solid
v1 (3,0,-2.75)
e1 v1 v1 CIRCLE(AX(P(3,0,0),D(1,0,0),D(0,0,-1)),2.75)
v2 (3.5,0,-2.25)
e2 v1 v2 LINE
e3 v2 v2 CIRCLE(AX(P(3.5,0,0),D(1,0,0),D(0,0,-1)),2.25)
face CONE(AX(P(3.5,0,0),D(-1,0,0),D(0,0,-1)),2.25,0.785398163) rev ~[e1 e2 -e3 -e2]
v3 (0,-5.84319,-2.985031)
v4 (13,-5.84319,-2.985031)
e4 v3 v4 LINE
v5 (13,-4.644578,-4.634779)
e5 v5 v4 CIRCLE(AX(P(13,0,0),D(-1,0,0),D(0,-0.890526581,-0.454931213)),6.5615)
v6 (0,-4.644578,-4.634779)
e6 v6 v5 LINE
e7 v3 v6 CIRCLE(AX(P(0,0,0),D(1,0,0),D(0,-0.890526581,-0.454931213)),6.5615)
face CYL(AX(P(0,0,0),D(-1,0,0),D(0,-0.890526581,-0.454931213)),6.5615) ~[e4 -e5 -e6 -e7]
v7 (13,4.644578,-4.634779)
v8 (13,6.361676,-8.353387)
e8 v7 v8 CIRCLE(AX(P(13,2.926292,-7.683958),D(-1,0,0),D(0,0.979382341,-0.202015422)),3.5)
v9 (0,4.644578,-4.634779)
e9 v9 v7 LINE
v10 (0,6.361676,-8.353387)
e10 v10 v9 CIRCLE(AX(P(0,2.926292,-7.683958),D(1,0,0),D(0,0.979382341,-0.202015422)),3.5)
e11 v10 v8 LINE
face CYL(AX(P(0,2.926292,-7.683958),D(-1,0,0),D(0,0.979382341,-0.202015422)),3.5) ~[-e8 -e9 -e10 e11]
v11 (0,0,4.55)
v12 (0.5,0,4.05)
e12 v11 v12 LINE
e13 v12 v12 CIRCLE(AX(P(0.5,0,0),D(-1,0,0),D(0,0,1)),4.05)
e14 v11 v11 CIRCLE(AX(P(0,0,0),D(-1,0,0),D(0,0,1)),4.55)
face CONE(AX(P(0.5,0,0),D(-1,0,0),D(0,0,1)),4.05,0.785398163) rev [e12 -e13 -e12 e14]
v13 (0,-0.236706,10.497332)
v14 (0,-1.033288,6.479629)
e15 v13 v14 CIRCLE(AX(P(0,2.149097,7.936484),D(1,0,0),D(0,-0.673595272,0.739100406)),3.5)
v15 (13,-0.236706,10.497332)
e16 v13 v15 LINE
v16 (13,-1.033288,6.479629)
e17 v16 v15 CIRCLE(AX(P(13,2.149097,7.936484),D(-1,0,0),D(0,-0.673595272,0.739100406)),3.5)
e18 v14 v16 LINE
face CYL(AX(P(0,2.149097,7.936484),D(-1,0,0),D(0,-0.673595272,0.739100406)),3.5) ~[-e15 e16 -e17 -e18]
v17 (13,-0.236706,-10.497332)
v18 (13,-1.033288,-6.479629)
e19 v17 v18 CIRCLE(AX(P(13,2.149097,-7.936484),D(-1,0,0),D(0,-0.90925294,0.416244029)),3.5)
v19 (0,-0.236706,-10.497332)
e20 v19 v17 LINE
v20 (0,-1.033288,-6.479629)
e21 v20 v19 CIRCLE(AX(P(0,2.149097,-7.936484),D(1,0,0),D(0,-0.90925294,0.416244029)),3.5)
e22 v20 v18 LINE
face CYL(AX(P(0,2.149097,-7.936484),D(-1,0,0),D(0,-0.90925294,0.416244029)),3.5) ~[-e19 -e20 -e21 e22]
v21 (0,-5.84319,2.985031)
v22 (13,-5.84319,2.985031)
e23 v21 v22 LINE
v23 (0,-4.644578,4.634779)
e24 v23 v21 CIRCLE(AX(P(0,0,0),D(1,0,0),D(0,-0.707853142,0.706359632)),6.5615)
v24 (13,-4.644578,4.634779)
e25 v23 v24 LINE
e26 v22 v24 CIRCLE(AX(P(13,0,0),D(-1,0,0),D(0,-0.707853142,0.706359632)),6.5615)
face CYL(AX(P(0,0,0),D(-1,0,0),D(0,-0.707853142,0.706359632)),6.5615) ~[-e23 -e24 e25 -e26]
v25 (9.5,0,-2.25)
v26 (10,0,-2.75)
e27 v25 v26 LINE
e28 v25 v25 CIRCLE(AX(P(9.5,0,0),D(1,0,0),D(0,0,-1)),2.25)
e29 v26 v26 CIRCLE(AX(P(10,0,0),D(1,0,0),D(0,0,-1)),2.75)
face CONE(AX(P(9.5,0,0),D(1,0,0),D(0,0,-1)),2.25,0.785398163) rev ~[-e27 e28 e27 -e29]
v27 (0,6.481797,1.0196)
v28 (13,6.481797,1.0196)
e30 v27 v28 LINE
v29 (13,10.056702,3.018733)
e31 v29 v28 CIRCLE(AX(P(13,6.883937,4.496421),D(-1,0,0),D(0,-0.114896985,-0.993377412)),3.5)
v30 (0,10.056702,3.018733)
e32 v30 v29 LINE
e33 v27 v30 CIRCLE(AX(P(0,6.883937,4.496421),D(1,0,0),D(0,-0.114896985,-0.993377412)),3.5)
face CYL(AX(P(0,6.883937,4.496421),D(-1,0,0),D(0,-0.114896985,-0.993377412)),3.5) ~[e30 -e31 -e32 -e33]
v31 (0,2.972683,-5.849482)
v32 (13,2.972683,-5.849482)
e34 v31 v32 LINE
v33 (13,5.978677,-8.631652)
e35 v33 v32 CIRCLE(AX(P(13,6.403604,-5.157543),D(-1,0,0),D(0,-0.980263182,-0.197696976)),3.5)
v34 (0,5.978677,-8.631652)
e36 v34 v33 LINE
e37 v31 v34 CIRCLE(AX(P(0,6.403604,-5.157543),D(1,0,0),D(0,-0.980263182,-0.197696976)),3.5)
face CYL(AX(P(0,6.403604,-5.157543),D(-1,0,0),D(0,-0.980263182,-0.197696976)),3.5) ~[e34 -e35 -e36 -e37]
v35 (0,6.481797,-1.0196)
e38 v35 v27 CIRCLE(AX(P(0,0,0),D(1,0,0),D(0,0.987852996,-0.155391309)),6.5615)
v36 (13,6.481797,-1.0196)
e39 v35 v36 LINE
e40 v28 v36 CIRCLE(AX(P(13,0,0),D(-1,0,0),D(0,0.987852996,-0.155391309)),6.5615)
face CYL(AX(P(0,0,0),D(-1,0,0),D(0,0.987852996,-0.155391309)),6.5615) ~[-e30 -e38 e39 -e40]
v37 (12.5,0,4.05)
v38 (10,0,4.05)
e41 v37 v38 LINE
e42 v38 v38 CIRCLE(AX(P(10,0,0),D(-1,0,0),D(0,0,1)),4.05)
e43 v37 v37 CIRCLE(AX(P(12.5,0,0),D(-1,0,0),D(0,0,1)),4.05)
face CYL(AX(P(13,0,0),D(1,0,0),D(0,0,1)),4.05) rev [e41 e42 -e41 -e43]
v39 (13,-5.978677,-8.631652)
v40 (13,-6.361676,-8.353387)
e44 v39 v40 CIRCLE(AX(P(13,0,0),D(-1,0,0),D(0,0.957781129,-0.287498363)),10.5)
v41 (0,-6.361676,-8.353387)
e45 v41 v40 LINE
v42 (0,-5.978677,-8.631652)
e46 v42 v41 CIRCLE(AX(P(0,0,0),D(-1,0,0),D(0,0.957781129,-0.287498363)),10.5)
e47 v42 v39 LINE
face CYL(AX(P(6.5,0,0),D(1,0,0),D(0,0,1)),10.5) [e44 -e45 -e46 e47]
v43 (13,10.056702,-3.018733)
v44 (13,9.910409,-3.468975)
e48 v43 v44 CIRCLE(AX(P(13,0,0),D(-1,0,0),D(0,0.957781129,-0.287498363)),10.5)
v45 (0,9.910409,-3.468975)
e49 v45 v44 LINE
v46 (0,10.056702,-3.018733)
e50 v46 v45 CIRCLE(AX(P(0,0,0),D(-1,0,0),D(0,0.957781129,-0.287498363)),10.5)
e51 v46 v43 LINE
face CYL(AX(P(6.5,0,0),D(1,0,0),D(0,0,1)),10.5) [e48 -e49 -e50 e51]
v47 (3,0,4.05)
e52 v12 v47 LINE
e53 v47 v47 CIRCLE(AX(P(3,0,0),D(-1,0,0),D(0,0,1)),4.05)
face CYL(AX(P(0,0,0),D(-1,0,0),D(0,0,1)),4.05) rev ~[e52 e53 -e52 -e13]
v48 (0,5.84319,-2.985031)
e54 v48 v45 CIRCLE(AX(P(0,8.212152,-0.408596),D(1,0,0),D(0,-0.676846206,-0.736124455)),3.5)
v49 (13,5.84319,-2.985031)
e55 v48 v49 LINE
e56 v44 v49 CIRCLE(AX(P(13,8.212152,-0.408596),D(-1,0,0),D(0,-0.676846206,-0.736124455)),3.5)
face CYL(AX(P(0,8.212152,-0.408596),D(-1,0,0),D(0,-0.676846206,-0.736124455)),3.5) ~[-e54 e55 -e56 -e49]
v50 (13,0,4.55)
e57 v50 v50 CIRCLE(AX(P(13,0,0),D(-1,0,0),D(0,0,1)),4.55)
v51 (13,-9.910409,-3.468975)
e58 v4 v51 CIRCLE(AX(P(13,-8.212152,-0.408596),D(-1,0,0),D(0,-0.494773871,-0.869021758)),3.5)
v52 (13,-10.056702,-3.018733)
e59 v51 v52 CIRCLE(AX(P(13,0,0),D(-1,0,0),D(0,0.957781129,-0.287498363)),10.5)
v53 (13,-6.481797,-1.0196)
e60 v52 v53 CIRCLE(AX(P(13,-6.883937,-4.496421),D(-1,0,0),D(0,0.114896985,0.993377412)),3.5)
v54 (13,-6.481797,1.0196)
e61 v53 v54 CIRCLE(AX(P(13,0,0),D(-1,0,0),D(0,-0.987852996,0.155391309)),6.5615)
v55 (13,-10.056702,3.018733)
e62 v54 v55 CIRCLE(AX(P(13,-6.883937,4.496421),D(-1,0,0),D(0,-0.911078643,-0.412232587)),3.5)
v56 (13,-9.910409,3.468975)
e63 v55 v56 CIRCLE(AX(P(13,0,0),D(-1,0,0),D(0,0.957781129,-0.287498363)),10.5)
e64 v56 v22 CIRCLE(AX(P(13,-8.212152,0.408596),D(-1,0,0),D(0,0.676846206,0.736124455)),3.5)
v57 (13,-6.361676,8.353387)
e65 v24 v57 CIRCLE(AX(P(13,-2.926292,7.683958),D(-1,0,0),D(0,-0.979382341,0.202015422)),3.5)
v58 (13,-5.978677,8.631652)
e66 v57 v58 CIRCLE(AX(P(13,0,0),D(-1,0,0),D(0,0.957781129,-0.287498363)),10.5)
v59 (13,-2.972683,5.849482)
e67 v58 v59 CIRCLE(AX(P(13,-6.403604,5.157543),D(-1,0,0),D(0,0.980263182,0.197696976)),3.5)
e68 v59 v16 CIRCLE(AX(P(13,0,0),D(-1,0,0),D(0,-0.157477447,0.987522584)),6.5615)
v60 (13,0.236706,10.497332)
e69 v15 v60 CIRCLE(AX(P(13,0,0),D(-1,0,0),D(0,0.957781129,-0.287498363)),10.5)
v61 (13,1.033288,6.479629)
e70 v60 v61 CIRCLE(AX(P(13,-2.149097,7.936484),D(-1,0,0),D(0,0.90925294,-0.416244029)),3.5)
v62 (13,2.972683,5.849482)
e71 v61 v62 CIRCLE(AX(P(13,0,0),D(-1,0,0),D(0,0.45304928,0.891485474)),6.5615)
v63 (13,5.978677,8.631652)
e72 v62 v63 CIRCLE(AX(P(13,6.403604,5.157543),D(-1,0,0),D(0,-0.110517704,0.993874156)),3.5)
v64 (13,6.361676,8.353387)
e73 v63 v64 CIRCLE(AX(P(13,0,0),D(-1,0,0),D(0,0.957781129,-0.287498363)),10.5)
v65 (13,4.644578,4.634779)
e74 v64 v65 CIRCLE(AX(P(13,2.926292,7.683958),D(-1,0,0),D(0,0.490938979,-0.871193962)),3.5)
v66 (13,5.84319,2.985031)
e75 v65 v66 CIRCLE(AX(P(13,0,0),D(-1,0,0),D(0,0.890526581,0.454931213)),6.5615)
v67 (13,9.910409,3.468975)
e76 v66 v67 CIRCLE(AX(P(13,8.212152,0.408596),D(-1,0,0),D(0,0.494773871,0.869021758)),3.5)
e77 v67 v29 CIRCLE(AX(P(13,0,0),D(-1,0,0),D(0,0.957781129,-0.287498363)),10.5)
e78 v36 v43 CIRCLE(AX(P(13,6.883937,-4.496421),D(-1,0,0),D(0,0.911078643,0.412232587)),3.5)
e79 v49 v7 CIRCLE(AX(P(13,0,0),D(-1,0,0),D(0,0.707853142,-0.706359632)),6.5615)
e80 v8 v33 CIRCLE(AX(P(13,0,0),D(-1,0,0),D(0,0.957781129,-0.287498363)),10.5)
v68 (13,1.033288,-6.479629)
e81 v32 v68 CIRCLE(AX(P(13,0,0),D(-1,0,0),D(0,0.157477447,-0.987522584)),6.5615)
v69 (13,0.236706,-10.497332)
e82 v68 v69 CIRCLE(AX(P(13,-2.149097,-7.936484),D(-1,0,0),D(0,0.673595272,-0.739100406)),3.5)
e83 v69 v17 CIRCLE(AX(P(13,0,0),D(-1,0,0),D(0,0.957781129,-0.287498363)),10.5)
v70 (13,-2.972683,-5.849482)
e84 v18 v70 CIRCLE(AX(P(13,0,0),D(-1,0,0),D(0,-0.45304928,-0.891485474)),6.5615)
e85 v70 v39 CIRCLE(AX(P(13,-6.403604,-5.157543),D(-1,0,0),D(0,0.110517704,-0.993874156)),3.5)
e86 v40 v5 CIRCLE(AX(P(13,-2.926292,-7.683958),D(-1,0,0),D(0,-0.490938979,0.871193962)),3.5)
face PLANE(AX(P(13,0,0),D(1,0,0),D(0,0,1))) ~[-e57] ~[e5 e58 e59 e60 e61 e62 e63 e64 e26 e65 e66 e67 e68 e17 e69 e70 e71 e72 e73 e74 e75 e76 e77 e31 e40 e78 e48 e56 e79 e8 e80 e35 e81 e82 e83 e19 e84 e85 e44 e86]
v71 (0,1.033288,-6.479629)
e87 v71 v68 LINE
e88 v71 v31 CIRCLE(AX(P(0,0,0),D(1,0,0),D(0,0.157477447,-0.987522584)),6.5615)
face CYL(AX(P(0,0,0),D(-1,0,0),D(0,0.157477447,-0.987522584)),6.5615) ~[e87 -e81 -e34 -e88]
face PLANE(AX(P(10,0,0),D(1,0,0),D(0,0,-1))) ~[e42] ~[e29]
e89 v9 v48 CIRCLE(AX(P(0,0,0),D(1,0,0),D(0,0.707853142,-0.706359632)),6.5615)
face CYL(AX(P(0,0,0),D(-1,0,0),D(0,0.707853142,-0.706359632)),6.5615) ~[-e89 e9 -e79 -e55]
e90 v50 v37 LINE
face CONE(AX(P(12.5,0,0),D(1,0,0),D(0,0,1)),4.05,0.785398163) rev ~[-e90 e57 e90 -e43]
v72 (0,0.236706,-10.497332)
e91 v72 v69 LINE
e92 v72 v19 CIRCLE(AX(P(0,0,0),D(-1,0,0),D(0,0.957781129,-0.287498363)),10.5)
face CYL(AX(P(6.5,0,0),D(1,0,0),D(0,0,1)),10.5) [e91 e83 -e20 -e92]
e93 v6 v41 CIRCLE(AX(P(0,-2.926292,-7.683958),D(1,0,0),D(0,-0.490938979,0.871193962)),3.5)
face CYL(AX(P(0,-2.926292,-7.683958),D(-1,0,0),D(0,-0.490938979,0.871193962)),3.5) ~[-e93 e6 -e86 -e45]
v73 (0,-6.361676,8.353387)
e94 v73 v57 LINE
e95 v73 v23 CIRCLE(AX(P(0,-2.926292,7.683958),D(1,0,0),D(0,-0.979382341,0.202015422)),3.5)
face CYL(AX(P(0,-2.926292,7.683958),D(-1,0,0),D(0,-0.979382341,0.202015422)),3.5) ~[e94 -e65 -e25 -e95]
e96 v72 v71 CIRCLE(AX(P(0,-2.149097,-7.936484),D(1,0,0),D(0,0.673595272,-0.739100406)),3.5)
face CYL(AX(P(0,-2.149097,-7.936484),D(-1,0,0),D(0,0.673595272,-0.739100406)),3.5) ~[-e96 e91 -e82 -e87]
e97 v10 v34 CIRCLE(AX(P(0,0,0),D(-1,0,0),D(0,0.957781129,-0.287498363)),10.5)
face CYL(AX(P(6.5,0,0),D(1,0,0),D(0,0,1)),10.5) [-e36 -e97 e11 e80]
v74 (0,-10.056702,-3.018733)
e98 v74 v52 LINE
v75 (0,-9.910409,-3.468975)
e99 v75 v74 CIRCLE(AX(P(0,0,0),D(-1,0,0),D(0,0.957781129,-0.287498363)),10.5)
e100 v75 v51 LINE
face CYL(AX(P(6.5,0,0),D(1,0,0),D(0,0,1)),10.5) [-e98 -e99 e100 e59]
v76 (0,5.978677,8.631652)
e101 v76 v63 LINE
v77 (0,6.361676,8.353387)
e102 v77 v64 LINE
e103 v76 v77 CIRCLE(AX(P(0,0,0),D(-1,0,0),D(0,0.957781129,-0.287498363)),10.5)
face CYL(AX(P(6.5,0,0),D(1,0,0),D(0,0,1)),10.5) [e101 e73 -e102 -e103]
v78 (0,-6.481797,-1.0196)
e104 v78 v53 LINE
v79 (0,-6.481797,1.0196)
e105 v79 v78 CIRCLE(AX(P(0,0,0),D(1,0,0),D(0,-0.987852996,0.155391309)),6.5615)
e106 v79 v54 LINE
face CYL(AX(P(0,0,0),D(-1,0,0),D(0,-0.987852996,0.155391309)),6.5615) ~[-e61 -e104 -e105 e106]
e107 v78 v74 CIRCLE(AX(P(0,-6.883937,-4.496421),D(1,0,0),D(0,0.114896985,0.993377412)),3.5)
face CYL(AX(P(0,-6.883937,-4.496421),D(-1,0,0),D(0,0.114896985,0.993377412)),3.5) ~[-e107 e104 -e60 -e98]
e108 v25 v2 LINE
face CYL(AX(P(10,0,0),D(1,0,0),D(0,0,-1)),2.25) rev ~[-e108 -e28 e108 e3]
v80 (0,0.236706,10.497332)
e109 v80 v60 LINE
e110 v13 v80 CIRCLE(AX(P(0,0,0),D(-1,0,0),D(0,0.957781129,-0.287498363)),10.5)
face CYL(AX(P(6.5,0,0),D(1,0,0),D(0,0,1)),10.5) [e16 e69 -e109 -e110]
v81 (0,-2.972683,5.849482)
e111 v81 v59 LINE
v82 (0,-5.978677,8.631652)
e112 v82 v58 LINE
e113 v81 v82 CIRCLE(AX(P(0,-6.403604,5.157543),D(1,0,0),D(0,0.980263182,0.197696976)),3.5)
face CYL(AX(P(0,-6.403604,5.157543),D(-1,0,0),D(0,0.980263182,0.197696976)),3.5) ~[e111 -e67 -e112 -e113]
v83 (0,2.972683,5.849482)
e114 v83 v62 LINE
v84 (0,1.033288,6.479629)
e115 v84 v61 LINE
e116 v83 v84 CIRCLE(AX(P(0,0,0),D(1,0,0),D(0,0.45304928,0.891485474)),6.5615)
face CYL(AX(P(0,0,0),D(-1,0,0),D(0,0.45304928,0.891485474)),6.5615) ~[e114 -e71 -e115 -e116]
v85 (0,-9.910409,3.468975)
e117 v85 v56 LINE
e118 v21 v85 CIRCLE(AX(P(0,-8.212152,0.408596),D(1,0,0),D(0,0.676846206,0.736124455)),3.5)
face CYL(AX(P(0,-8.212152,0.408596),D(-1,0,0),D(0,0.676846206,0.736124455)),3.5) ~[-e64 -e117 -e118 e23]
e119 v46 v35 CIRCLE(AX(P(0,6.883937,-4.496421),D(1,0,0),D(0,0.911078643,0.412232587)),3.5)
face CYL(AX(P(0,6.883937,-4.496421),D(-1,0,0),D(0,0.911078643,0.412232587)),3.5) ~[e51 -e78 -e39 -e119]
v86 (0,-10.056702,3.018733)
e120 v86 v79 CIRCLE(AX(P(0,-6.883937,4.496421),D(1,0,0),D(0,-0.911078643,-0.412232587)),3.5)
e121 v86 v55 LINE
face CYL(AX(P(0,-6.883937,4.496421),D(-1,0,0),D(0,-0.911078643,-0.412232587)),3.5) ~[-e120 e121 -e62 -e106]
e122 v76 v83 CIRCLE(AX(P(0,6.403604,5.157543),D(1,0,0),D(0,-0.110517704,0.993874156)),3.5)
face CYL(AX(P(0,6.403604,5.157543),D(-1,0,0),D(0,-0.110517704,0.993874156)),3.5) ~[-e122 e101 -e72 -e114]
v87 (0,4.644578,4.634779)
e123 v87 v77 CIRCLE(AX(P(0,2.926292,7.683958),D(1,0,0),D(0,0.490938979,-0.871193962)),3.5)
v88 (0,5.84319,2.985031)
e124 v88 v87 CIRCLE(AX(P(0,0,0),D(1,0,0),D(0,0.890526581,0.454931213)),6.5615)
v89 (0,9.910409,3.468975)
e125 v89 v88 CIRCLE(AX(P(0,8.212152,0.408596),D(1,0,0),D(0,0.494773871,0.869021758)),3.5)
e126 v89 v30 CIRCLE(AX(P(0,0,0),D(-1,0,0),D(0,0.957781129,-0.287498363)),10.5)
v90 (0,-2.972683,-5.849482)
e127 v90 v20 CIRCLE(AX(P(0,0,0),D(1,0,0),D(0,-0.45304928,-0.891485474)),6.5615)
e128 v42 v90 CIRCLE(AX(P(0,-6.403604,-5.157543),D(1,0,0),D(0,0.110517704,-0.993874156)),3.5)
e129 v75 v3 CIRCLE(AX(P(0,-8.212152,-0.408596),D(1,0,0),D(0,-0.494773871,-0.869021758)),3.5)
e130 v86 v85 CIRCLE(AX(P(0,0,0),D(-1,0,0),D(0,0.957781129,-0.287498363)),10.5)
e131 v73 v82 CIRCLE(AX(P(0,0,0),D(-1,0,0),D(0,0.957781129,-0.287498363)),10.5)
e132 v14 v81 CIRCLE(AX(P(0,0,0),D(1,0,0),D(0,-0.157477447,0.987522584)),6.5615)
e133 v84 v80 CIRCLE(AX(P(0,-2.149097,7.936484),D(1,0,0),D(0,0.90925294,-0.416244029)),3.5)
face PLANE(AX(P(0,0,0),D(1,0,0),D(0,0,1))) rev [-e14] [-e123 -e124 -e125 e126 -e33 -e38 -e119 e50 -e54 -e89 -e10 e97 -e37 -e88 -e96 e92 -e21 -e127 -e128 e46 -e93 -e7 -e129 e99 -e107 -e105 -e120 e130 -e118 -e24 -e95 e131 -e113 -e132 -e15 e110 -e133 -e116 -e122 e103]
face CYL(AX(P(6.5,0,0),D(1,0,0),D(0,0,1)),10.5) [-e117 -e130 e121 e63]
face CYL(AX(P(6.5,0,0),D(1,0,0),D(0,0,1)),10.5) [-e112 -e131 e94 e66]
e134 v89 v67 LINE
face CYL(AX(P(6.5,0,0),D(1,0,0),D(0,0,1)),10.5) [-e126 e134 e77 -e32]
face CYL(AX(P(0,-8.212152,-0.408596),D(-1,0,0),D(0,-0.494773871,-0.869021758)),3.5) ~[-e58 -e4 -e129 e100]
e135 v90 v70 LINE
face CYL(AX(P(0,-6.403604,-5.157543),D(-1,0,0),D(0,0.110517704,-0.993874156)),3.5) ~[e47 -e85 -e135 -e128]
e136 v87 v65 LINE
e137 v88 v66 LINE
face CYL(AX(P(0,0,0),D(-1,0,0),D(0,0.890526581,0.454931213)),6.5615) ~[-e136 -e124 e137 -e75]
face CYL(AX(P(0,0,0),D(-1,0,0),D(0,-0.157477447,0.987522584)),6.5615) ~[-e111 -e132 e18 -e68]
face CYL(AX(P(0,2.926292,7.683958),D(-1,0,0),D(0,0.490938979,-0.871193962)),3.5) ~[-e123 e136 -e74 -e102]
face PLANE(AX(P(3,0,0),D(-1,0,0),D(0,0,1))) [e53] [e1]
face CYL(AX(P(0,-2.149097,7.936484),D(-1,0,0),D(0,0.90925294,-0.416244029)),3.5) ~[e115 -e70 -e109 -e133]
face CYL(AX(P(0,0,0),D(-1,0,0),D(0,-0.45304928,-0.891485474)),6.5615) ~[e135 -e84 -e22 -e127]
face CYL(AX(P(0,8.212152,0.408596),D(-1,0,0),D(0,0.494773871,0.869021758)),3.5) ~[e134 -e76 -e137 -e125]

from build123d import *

# Parameters (mm, degrees)
BASPROSKE_W        = 13
BASPROSKE_H        = 10.5
TOOTHCUT_DEPTH     = 20.735754356
TEETHCUTS_COUNT    = 10
TEETHCUTS_ANGLE    = 324
BORSKE_R           = 1.5
BORE_DEPTH         = 50.0000508
SKETCH1_R          = 4.05
CUT_EXTRUDE1_DEPTH = 3
CUT_EXTRUDE2_REACH = 19.646
SKETCH2_R          = 2.25
CHAMFER1_SIZE      = 0.5


with BuildPart() as part:
    # BasProSke → Base-Revolve (revolve)
    with BuildSketch(Plane(origin=(0, 0, 0), x_dir=(1, 0, 0), z_dir=(0, 1, 0)), mode=Mode.PRIVATE) as base_revolve_sk:
        with Locations((6.5, 5.25)):
            Rectangle(BASPROSKE_W, BASPROSKE_H)
    revolve(base_revolve_sk.sketch.rotate(Axis((-10, 0, 0), (1, 0, 0)), 180), axis=Axis((-10, 0, 0), (1, 0, 0)))

    # TooCutSke → ToothCut (cut, through all)
    with BuildSketch(Plane(origin=(0, 0, 0), x_dir=(0, 0, -1), z_dir=(1, 0, 0))):
        with BuildLine():
            ThreePointArc((1.019600066, 6.481797432), (0, 6.5615), (-1.019600066, 6.481797432))
            ThreePointArc((-1.019600066, 6.481797432), (-1.451036104, 8.608938557), (-3.053606956, 10.072712133))
            ThreePointArc((-3.053606956, 10.072712133), (0, 10.5254), (3.053606956, 10.072712133))
            ThreePointArc((3.053606956, 10.072712133), (1.451036104, 8.608938557), (1.019600066, 6.481797432))
        make_face()
    toothcut = extrude(amount=TOOTHCUT_DEPTH, mode=Mode.SUBTRACT)

    # TeethCuts: ToothCut ×10 about axis
    teethcuts_axis = Axis((-10, 0, 0), (1, 0, 0))
    for i in range(1, TEETHCUTS_COUNT):
        add(toothcut.rotate(teethcuts_axis, i * TEETHCUTS_ANGLE / (TEETHCUTS_COUNT - 1)), mode=Mode.SUBTRACT)

    # BorSke → Bore (cut, symmetric)
    with BuildSketch(Plane(origin=(0, 0, 0), x_dir=(0, 0, -1), z_dir=(1, 0, 0))):
        with Locations(Location((0, 0, 0), (0, 0, 180))):
            Circle(BORSKE_R)
    extrude(amount=BORE_DEPTH, both=True, mode=Mode.SUBTRACT)

    # Sketch1 → Cut-Extrude1 (cut)
    with BuildSketch(Plane.ZY):
        Circle(SKETCH1_R)
    cut_extrude1 = extrude(amount=-CUT_EXTRUDE1_DEPTH, mode=Mode.SUBTRACT)

    # Mirror1: Cut-Extrude1 across plane
    add(cut_extrude1.mirror(Plane(origin=(6.5, 0, 0), x_dir=(0, 0, 1), z_dir=(1, 0, 0))), mode=Mode.SUBTRACT)

    # Sketch2 → Cut-Extrude2 (cut, up to next)
    with BuildSketch(Plane(origin=(10, 0, 0), x_dir=(0, 0, -1), z_dir=(1, 0, 0)), mode=Mode.PRIVATE) as cut_extrude2_sk1:
        Circle(SKETCH2_R)
    cut_extrude2_tool1 = extrude(cut_extrude2_sk1.sketch, amount=-CUT_EXTRUDE2_REACH, mode=Mode.PRIVATE) & part.part
    add(cut_extrude2_tool1.solids().sort_by_distance((10, 0, 0))[0], mode=Mode.SUBTRACT)

    # Chamfer1
    chamfer1_edges = [part.edges().sort_by_distance(p)[0] for p in [
        (0, 0, -4.05),
        (13, 0, -4.05),
        (3, 0, 2.25),
        (10, 0, 2.25),
    ]]
    chamfer(chamfer1_edges, length=CHAMFER1_SIZE)


solid = part.part
